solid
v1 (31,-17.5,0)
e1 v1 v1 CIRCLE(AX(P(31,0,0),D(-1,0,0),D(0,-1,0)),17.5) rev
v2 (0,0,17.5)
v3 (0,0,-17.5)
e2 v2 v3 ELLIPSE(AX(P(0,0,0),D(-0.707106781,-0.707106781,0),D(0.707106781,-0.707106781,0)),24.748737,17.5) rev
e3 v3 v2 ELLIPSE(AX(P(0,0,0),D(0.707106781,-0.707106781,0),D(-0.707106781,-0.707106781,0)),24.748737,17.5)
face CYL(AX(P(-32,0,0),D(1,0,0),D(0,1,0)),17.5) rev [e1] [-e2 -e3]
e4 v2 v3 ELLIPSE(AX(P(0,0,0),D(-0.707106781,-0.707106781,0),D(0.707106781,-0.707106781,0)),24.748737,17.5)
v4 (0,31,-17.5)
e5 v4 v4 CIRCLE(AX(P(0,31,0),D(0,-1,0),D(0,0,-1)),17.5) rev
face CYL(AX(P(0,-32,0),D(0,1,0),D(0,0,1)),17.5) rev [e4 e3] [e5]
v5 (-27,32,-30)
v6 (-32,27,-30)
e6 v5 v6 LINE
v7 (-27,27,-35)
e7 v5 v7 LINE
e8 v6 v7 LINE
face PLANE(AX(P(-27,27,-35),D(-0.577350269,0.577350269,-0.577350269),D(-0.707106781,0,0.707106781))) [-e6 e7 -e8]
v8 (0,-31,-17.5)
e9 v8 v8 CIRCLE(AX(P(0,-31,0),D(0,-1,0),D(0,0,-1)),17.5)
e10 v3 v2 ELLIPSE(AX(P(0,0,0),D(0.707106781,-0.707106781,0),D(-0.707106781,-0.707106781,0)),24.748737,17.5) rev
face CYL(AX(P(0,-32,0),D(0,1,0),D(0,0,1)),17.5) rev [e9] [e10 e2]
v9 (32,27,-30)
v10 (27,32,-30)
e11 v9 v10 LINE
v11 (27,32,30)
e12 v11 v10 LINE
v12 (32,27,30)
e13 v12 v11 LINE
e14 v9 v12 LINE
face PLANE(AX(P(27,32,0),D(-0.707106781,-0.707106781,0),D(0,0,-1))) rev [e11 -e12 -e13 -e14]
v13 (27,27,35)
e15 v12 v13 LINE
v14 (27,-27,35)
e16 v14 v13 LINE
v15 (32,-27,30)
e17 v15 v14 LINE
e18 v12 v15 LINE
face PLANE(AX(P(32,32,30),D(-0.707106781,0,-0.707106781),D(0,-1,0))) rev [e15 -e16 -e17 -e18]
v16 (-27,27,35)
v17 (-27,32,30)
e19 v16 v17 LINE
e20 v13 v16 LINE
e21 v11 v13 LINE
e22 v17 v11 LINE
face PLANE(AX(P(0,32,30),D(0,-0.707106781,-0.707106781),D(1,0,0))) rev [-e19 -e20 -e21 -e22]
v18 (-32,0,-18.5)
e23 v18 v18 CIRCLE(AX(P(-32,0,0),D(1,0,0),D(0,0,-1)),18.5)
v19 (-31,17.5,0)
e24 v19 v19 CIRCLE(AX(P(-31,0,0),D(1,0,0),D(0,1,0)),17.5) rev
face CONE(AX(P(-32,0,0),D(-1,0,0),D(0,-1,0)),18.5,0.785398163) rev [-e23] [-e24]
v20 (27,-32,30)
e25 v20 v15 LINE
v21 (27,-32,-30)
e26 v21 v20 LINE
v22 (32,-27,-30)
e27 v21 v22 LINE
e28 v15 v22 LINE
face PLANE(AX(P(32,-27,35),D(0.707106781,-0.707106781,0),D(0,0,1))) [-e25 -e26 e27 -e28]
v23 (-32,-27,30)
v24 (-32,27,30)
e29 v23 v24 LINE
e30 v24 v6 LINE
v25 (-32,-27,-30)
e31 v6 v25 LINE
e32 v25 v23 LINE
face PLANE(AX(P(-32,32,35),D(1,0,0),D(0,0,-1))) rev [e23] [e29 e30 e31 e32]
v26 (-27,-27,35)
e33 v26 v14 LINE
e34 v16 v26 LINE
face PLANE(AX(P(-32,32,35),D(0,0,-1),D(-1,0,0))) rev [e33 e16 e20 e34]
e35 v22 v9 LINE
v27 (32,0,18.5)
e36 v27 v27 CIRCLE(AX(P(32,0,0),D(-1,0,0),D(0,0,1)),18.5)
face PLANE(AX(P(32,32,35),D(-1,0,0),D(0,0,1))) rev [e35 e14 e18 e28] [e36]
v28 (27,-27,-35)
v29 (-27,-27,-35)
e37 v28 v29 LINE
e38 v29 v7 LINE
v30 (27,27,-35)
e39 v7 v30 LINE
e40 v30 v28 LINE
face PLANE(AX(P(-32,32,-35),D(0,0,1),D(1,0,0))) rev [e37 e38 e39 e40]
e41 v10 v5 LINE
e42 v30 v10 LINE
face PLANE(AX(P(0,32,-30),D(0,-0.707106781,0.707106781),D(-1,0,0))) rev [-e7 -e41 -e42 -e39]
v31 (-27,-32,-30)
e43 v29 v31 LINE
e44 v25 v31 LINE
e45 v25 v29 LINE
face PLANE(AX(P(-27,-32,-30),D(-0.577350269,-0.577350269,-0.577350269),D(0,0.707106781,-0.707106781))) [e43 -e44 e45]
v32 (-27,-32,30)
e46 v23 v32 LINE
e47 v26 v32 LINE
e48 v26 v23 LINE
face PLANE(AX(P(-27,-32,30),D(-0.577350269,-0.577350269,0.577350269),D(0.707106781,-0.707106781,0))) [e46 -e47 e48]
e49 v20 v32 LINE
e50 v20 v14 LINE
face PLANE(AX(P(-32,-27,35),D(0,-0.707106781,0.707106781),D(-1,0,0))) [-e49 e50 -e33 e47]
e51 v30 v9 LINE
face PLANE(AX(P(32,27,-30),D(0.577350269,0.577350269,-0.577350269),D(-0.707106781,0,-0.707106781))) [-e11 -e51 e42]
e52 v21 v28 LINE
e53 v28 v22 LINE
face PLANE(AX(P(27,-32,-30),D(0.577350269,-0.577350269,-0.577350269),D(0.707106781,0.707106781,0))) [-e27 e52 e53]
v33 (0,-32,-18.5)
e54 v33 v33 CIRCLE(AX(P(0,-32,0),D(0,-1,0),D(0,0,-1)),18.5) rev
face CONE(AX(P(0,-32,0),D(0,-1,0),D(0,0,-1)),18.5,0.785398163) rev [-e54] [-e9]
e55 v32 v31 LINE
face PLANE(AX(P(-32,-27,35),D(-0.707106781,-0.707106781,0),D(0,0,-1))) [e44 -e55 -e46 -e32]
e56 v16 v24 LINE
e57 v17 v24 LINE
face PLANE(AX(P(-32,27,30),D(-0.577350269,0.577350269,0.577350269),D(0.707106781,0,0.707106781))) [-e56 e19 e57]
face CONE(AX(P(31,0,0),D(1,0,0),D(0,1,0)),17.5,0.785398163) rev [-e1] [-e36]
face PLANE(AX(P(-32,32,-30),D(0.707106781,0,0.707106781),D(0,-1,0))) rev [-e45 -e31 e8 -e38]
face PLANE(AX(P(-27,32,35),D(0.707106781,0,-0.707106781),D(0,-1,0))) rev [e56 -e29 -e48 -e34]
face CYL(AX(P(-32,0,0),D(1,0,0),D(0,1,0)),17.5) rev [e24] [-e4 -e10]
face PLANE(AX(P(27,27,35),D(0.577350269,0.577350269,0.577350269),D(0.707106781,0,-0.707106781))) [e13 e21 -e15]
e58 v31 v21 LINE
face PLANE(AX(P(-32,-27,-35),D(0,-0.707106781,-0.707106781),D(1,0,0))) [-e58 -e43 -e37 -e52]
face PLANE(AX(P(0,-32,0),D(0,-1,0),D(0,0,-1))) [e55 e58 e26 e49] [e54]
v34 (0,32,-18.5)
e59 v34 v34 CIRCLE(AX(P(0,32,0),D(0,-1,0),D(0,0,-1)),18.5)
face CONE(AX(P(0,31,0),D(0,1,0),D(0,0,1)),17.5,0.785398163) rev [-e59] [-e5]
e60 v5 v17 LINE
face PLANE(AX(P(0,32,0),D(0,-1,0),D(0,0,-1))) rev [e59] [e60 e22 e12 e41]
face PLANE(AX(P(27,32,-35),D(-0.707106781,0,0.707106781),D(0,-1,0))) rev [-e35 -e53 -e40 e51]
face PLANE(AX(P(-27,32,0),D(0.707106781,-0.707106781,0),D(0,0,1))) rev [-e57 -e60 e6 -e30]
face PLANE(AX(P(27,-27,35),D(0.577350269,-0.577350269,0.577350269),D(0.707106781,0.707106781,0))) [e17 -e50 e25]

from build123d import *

# Parameters (mm, degrees)
SKETCH1_W           = 64
SKETCH1_H           = 70
BOSS_EXTRUDE1_DEPTH = 32
SKETCH2_R           = 17.5
CUT_EXTRUDE1_DEPTH  = 80.655508284
CIRPATTERN4_COUNT   = 4
CHAMFER1_SIZE       = 5
CHAMFER2_SIZE       = 1


with BuildPart() as part:
    # Sketch1 → Boss-Extrude1 (new, symmetric)
    with BuildSketch(Plane(origin=(0, 0, 0), x_dir=(1, 0, 0), z_dir=(0, 1, 0))):
        Rectangle(SKETCH1_W, SKETCH1_H)
    extrude(amount=BOSS_EXTRUDE1_DEPTH, both=True)

    # Sketch2 → Cut-Extrude1 (cut, through all)
    with BuildSketch(Plane(origin=(0, 32, 0), x_dir=(1, 0, 0), z_dir=(0, 1, 0))):
        Circle(SKETCH2_R)
    cut_extrude1 = extrude(amount=-CUT_EXTRUDE1_DEPTH, mode=Mode.SUBTRACT)

    # CirPattern4: Cut-Extrude1 ×4 about axis
    cirpattern4_axis = Axis((0, 0, 38.5), (0, 0, -1))
    for i in range(1, CIRPATTERN4_COUNT):
        add(cut_extrude1.rotate(cirpattern4_axis, i * 360 / CIRPATTERN4_COUNT), mode=Mode.SUBTRACT)

    # Chamfer1
    chamfer1_edges = [part.edges().sort_by_distance(p)[0] for p in [
        (0, -32, 35),
        (32, 0, 35),
        (-32, 0, 35),
        (-32, -32, 0),
        (-32, 0, -35),
        (0, -32, -35),
        (0, 32, 35),
        (-32, 32, 0),
        (32, -32, 0),
        (32, 0, -35),
        (0, 32, -35),
        (32, 32, 0),
    ]]
    chamfer(chamfer1_edges, length=CHAMFER1_SIZE)

    # Chamfer2
    chamfer2_edges = [part.edges().sort_by_distance(p)[0] for p in [
        (-17.5, -32, 0),
        (32, 17.5, 0),
        (-17.5, 32, 0),
        (-32, 17.5, 0),
    ]]
    chamfer(chamfer2_edges, length=CHAMFER2_SIZE)


solid = part.part
